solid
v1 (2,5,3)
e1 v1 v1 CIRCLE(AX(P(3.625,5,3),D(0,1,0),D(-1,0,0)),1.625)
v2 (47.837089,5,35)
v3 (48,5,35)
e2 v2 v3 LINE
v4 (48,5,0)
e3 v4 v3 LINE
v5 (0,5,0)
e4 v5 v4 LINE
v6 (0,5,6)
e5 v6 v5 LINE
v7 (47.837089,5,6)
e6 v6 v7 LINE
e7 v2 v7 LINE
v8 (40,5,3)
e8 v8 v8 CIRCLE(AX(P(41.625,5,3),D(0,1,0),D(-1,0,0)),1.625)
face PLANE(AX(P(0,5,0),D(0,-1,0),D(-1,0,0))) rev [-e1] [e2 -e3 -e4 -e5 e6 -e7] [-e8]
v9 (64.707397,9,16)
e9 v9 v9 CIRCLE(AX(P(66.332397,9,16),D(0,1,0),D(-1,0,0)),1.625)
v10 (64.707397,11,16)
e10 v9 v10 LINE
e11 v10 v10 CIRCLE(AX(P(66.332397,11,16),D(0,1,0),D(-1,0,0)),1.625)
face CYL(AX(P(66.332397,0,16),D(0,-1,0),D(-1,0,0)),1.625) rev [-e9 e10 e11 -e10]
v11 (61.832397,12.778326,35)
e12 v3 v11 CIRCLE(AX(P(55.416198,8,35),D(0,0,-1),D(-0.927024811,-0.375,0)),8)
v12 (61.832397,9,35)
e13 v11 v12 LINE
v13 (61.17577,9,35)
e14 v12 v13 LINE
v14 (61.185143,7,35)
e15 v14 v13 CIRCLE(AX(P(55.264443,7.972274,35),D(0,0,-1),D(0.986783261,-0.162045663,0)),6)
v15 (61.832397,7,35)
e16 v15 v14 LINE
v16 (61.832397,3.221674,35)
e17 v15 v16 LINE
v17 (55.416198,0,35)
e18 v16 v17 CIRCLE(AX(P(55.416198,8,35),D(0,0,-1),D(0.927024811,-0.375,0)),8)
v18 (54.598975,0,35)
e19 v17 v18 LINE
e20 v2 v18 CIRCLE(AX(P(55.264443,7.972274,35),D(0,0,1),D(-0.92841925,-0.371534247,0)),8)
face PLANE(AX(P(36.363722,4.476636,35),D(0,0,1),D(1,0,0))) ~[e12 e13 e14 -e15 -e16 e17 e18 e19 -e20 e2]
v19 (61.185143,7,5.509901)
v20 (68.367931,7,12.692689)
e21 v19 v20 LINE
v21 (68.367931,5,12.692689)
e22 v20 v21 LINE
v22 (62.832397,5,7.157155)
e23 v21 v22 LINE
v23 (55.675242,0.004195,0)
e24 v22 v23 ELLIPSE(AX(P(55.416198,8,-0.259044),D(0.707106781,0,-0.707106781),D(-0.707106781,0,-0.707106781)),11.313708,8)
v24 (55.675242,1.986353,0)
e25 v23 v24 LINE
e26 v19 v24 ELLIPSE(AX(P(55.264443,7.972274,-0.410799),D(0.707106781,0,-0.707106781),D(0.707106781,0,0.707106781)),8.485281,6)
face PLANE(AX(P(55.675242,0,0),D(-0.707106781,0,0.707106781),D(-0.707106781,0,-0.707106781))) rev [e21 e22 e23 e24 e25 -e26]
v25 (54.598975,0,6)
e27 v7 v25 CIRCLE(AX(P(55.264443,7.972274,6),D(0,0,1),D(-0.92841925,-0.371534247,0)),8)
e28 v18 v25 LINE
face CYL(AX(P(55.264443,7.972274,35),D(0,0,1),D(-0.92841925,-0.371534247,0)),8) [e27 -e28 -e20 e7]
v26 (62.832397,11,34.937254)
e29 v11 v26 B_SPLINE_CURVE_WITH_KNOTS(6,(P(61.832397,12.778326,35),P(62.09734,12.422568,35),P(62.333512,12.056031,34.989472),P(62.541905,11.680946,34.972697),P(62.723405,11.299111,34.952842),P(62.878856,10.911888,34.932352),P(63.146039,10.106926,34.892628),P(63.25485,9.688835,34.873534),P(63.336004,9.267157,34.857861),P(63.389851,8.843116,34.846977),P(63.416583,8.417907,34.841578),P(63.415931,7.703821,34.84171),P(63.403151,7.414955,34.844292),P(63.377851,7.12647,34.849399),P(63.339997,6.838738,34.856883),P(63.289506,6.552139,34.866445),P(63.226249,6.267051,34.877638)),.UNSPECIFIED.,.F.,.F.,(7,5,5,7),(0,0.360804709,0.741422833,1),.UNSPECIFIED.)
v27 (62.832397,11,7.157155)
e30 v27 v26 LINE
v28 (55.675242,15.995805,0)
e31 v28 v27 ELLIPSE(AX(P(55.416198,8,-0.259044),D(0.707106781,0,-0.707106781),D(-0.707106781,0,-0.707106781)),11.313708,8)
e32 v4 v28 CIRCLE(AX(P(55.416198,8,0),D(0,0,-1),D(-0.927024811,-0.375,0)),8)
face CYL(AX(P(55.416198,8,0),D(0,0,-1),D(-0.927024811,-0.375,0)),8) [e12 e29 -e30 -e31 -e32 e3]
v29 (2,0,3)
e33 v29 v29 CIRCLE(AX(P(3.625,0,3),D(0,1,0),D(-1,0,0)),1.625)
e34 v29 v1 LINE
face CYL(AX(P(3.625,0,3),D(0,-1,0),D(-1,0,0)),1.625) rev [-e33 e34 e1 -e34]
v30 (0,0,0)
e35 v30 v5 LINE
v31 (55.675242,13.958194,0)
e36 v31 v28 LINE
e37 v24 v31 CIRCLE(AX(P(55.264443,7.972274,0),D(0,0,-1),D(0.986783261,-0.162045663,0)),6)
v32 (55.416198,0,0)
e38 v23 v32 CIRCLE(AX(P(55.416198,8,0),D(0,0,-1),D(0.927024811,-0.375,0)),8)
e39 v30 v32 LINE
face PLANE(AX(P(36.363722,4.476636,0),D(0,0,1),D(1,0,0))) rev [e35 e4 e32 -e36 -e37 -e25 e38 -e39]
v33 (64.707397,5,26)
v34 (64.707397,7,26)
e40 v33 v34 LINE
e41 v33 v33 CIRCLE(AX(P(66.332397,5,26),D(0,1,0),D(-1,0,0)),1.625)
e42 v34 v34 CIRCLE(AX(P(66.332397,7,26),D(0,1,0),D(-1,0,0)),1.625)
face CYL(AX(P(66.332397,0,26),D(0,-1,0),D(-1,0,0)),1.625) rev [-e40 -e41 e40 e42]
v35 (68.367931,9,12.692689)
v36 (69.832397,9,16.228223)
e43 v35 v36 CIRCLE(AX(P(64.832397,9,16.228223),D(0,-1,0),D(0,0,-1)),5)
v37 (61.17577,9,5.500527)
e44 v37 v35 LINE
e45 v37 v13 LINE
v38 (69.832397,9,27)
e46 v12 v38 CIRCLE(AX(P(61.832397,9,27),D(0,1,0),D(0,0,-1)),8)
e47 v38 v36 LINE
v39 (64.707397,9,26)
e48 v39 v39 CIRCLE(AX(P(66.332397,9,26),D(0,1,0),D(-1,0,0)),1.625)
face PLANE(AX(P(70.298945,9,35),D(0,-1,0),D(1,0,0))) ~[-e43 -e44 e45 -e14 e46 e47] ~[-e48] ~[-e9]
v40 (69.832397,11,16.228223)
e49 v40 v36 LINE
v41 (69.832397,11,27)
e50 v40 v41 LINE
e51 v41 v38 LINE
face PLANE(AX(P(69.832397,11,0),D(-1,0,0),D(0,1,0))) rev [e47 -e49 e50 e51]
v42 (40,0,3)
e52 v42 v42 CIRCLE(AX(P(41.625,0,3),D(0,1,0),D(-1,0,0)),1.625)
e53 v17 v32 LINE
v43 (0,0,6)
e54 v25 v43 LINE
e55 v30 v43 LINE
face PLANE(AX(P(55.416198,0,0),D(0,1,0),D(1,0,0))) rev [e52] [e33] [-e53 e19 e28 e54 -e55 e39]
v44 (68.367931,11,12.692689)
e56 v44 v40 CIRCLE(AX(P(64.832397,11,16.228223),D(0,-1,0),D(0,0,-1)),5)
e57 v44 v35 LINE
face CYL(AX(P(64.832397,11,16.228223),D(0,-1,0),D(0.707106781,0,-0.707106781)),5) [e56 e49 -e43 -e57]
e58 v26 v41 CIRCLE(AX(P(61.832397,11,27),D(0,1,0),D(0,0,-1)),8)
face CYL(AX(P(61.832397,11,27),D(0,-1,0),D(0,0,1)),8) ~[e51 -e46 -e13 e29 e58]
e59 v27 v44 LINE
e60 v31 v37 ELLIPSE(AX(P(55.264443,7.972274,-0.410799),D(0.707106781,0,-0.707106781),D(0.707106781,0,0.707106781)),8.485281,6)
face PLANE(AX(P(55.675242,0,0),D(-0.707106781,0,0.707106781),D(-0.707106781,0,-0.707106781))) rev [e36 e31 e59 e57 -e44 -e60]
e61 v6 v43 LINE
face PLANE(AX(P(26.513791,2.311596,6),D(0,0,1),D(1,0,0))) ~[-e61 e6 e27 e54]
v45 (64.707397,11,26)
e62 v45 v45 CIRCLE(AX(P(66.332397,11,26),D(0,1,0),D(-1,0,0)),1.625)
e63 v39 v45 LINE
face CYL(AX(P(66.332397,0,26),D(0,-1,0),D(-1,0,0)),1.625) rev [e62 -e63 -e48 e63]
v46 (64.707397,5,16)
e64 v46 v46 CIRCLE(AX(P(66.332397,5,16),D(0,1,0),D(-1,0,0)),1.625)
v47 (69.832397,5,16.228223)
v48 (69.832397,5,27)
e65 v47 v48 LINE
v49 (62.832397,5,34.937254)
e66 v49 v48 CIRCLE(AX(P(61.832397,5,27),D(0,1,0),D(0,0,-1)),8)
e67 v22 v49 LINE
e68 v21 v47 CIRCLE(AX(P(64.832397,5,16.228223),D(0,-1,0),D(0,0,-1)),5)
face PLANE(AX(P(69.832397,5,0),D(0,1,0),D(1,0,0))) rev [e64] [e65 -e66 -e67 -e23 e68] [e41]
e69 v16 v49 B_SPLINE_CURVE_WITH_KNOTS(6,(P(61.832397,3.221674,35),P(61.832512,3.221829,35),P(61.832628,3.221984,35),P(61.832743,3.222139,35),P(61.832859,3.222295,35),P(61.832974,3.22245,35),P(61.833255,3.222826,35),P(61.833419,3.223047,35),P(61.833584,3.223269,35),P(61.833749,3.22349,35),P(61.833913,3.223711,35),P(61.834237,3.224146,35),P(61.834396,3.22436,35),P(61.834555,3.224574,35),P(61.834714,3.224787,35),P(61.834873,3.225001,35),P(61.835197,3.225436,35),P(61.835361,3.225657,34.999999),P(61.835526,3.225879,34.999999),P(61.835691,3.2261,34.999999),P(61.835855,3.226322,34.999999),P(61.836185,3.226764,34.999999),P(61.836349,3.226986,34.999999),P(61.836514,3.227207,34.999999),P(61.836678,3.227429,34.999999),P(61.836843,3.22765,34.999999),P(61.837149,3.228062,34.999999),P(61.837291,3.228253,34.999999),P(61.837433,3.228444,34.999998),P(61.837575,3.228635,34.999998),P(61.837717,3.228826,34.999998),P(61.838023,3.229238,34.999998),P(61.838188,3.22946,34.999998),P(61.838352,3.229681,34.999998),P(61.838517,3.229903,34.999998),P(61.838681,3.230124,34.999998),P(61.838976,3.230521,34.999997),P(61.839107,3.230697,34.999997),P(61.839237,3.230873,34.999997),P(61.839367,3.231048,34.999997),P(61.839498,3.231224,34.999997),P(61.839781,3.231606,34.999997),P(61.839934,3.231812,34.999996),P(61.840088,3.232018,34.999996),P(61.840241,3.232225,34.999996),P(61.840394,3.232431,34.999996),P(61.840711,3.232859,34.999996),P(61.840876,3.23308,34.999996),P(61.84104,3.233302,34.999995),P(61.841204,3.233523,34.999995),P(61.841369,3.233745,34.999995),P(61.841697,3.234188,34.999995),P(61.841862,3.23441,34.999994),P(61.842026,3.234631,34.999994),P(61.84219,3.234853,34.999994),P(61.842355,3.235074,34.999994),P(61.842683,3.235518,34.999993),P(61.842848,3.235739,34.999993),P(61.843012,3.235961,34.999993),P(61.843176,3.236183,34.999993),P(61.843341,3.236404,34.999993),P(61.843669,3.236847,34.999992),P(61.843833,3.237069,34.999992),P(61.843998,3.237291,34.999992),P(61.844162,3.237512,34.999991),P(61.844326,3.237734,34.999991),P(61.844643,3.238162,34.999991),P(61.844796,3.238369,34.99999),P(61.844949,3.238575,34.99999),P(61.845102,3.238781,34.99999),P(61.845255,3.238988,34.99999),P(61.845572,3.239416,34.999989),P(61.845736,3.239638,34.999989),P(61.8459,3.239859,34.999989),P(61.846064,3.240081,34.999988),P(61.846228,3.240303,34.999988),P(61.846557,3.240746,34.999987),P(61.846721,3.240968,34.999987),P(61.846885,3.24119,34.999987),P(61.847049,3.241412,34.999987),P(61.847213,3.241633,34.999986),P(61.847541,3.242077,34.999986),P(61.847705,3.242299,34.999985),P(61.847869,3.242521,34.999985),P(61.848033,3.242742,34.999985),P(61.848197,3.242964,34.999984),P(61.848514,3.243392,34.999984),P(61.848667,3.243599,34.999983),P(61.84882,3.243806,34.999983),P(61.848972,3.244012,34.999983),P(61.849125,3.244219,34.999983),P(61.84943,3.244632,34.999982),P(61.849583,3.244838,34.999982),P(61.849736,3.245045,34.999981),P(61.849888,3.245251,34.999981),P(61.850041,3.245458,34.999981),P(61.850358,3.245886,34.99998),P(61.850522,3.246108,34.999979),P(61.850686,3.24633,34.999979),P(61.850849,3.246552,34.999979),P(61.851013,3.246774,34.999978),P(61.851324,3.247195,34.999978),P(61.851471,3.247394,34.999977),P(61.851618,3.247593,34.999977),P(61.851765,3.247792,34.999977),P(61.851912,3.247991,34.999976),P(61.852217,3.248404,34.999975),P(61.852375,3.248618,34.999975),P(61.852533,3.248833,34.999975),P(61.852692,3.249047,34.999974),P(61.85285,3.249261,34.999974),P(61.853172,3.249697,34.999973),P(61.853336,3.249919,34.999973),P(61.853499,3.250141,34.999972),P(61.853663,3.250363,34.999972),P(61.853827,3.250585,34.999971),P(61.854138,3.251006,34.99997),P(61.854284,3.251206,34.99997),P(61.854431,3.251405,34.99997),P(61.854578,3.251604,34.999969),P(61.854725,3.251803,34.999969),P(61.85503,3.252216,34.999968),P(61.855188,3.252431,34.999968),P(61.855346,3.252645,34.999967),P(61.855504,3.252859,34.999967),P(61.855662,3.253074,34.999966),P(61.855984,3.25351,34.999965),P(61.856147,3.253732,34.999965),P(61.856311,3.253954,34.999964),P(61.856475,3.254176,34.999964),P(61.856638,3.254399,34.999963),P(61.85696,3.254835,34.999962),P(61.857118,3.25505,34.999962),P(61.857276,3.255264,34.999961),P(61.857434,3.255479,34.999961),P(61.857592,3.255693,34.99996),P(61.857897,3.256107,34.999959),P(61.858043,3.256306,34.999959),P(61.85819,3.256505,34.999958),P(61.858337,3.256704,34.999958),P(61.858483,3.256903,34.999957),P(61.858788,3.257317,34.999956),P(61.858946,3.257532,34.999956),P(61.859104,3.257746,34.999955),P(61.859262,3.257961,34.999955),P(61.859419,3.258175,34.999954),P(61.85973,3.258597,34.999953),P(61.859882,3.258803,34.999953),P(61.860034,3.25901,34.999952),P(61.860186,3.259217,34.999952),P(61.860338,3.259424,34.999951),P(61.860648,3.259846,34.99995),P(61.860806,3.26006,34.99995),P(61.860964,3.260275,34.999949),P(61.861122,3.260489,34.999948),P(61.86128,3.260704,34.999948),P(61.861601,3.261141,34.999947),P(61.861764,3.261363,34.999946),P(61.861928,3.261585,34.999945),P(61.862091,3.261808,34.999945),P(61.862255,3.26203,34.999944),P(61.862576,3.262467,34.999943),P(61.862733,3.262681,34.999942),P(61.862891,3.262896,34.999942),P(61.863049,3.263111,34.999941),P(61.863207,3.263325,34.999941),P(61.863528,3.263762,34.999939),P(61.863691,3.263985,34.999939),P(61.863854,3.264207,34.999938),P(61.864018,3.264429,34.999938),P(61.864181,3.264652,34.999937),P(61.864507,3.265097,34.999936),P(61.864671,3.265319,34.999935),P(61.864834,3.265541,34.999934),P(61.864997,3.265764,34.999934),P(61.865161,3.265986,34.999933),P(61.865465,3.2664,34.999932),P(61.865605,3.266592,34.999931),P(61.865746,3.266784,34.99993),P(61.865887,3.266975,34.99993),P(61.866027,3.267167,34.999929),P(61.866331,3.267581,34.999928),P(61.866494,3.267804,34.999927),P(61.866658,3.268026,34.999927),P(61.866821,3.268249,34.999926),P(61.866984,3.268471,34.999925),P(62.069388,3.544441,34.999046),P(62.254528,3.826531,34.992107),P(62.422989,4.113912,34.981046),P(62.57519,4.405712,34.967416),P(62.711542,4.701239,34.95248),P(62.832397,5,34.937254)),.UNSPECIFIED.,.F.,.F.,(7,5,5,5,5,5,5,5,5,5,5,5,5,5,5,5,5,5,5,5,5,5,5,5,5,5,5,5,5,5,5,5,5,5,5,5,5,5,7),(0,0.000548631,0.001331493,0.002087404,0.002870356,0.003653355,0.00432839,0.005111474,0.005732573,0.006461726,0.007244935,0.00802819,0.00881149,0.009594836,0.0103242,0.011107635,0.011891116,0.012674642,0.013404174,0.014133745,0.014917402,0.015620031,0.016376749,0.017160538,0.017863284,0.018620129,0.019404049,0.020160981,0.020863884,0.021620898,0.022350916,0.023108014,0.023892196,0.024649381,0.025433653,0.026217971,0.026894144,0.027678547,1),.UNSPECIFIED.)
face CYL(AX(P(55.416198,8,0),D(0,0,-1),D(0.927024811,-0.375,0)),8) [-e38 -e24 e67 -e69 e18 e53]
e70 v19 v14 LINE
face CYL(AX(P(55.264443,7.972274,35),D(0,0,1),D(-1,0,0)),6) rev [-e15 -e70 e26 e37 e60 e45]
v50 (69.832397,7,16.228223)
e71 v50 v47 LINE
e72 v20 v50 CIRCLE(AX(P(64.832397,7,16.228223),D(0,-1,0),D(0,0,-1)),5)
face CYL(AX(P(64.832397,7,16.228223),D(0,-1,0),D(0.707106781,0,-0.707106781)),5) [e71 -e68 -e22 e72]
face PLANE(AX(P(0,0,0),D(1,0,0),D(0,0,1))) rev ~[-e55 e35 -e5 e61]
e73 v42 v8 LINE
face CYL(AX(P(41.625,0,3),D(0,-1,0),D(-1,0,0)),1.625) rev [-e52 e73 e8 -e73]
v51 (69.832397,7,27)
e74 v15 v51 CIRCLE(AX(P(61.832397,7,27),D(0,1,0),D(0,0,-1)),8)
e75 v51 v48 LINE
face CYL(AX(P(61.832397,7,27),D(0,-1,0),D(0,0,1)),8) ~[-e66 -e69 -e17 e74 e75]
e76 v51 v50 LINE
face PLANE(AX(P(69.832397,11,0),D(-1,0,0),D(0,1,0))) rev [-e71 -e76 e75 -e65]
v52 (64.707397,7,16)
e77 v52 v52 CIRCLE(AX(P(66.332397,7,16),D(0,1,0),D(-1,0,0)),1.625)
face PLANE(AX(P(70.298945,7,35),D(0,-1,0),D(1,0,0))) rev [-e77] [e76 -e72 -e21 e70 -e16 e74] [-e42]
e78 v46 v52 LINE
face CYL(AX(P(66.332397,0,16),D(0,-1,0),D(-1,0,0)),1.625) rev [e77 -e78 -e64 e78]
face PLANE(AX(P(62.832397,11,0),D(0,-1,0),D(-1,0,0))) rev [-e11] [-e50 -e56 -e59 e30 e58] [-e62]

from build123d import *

# Parameters (mm, degrees)
F1_DEPTH  = 35
F4_DEPTH  = 29
F5_R      = 6
F6_DEPTH  = 40
F7_W      = 12.2776310586
F7_H      = 2
F8_DEPTH  = 40
F10_DEPTH = 25
F11_R     = 8
F12_R     = 1.625
F12_R_2   = 1.6250003413
F13_DEPTH = 25
F15_W     = 74.6117010713
F15_H     = 42.9684482515
F16_DEPTH = 25
F17_R     = 5


with BuildPart() as f1:
    # F0 (on Top) → F1 (new body)
    with BuildSketch(Plane.XY):
        with BuildLine():
            Line((-48, 0), (0, 0))
            Line((0, 0), (0, 5))
            Line((0, 5), (-48, 5))
            ThreePointArc((-48, 5), (-52.4161984871, 15.4161984871), (-62.8323969742, 11))
            Line((-62.8323969742, 11), (-69.8323969742, 11))
            Line((-69.8323969742, 11), (-69.8323969742, 5))
            Line((-69.8323969742, 5), (-62.8323969742, 5))
            ThreePointArc((-62.8323969742, 5), (-59.8883344421, 1.3667504193), (-55.4161984871, 0))
            Line((-55.4161984871, 0), (-48, 0))
        make_face()
    extrude(amount=F1_DEPTH)

    # F3 (on offset) → F4 (cut)
    with BuildSketch(Plane.XY.offset(35)):
        with BuildLine():
            Line((-56, 0), (-55.9299111582, 0))
            ThreePointArc((-55.9299111582, 0), (-55.9649623523, 0.0030034406), (-56, 0.0061609878))
            Line((-56, 0.0061609878), (-56, 0))
        make_face()
        with BuildLine():
            ThreePointArc((-55.9299111582, 0), (-55.2644431591, -0.0277260244), (-54.59897516, 0))
            Line((-54.59897516, 0), (-55.9299111582, 0))
        make_face()
        with BuildLine():
            Line((-54.59897516, 0), (0, 0))
            Line((0, 0), (0, 5))
            Line((0, 5), (-47.8370891609, 5))
            ThreePointArc((-47.8370891609, 5), (-50.5080325408, 1.5398127025), (-54.59897516, 0))
        make_face()
    extrude(amount=-F4_DEPTH, mode=Mode.SUBTRACT)

    # F5 (on face) → F6 (cut)
    with BuildSketch(Plane.XY.offset(35)):
        with Locations((-55.2644431591, 7.9722739756)):
            Circle(F5_R)
    extrude(amount=-F6_DEPTH, mode=Mode.SUBTRACT)

    # F7 (on offset) → F8 (cut)
    with BuildSketch(Plane.XY.offset(35)):
        with Locations((-64.1601290554, 8)):
            Rectangle(F7_W, F7_H)
    extrude(amount=-F8_DEPTH, mode=Mode.SUBTRACT)

    # F9 (on Front) → F10 (cut)
    with BuildSketch(Plane.XZ):
        Polygon((-74.45092788, 0), (-55.6752420962, 0), (-74.45092788, 18.7756857838), align=None)
    extrude(amount=-F10_DEPTH, mode=Mode.SUBTRACT)

    # F11
    f11_edges = [f1.edges().sort_by_distance(p)[0] for p in [
        (-69.832397, 6, 35),
        (-69.832397, 10, 35),
    ]]
    fillet(f11_edges, radius=F11_R)

    # F12 (on Front) → F13 (cut)
    with BuildSketch(Plane.XZ):
        with Locations((-3.625, 3)):
            Circle(F12_R)
        with Locations((-41.625, 3)):
            Circle(F12_R)
        with Locations((-66.3323969742, 16)):
            Circle(F12_R_2)
        with Locations((-66.3323969742, 26)):
            Circle(F12_R)
    extrude(amount=-F13_DEPTH, mode=Mode.SUBTRACT)

    # F14: F1 across plane


with BuildPart() as f1_1:
    add(f1.part)
    add(f1.part.mirror(Plane.YZ))

    # F15 (on Front) → F16 (cut)
    with BuildSketch(Plane.XZ):
        with Locations((-37.3058505356, 21.4842241257)):
            Rectangle(F15_W, F15_H)
    extrude(amount=-F16_DEPTH, mode=Mode.SUBTRACT)

    # F17
    f17_edges = [f1_1.edges().sort_by_distance(p)[0] for p in [
        (69.832397, 6, 14.157155),
        (69.832397, 10, 14.157155),
    ]]
    fillet(f17_edges, radius=F17_R)


solid = f1_1.part
